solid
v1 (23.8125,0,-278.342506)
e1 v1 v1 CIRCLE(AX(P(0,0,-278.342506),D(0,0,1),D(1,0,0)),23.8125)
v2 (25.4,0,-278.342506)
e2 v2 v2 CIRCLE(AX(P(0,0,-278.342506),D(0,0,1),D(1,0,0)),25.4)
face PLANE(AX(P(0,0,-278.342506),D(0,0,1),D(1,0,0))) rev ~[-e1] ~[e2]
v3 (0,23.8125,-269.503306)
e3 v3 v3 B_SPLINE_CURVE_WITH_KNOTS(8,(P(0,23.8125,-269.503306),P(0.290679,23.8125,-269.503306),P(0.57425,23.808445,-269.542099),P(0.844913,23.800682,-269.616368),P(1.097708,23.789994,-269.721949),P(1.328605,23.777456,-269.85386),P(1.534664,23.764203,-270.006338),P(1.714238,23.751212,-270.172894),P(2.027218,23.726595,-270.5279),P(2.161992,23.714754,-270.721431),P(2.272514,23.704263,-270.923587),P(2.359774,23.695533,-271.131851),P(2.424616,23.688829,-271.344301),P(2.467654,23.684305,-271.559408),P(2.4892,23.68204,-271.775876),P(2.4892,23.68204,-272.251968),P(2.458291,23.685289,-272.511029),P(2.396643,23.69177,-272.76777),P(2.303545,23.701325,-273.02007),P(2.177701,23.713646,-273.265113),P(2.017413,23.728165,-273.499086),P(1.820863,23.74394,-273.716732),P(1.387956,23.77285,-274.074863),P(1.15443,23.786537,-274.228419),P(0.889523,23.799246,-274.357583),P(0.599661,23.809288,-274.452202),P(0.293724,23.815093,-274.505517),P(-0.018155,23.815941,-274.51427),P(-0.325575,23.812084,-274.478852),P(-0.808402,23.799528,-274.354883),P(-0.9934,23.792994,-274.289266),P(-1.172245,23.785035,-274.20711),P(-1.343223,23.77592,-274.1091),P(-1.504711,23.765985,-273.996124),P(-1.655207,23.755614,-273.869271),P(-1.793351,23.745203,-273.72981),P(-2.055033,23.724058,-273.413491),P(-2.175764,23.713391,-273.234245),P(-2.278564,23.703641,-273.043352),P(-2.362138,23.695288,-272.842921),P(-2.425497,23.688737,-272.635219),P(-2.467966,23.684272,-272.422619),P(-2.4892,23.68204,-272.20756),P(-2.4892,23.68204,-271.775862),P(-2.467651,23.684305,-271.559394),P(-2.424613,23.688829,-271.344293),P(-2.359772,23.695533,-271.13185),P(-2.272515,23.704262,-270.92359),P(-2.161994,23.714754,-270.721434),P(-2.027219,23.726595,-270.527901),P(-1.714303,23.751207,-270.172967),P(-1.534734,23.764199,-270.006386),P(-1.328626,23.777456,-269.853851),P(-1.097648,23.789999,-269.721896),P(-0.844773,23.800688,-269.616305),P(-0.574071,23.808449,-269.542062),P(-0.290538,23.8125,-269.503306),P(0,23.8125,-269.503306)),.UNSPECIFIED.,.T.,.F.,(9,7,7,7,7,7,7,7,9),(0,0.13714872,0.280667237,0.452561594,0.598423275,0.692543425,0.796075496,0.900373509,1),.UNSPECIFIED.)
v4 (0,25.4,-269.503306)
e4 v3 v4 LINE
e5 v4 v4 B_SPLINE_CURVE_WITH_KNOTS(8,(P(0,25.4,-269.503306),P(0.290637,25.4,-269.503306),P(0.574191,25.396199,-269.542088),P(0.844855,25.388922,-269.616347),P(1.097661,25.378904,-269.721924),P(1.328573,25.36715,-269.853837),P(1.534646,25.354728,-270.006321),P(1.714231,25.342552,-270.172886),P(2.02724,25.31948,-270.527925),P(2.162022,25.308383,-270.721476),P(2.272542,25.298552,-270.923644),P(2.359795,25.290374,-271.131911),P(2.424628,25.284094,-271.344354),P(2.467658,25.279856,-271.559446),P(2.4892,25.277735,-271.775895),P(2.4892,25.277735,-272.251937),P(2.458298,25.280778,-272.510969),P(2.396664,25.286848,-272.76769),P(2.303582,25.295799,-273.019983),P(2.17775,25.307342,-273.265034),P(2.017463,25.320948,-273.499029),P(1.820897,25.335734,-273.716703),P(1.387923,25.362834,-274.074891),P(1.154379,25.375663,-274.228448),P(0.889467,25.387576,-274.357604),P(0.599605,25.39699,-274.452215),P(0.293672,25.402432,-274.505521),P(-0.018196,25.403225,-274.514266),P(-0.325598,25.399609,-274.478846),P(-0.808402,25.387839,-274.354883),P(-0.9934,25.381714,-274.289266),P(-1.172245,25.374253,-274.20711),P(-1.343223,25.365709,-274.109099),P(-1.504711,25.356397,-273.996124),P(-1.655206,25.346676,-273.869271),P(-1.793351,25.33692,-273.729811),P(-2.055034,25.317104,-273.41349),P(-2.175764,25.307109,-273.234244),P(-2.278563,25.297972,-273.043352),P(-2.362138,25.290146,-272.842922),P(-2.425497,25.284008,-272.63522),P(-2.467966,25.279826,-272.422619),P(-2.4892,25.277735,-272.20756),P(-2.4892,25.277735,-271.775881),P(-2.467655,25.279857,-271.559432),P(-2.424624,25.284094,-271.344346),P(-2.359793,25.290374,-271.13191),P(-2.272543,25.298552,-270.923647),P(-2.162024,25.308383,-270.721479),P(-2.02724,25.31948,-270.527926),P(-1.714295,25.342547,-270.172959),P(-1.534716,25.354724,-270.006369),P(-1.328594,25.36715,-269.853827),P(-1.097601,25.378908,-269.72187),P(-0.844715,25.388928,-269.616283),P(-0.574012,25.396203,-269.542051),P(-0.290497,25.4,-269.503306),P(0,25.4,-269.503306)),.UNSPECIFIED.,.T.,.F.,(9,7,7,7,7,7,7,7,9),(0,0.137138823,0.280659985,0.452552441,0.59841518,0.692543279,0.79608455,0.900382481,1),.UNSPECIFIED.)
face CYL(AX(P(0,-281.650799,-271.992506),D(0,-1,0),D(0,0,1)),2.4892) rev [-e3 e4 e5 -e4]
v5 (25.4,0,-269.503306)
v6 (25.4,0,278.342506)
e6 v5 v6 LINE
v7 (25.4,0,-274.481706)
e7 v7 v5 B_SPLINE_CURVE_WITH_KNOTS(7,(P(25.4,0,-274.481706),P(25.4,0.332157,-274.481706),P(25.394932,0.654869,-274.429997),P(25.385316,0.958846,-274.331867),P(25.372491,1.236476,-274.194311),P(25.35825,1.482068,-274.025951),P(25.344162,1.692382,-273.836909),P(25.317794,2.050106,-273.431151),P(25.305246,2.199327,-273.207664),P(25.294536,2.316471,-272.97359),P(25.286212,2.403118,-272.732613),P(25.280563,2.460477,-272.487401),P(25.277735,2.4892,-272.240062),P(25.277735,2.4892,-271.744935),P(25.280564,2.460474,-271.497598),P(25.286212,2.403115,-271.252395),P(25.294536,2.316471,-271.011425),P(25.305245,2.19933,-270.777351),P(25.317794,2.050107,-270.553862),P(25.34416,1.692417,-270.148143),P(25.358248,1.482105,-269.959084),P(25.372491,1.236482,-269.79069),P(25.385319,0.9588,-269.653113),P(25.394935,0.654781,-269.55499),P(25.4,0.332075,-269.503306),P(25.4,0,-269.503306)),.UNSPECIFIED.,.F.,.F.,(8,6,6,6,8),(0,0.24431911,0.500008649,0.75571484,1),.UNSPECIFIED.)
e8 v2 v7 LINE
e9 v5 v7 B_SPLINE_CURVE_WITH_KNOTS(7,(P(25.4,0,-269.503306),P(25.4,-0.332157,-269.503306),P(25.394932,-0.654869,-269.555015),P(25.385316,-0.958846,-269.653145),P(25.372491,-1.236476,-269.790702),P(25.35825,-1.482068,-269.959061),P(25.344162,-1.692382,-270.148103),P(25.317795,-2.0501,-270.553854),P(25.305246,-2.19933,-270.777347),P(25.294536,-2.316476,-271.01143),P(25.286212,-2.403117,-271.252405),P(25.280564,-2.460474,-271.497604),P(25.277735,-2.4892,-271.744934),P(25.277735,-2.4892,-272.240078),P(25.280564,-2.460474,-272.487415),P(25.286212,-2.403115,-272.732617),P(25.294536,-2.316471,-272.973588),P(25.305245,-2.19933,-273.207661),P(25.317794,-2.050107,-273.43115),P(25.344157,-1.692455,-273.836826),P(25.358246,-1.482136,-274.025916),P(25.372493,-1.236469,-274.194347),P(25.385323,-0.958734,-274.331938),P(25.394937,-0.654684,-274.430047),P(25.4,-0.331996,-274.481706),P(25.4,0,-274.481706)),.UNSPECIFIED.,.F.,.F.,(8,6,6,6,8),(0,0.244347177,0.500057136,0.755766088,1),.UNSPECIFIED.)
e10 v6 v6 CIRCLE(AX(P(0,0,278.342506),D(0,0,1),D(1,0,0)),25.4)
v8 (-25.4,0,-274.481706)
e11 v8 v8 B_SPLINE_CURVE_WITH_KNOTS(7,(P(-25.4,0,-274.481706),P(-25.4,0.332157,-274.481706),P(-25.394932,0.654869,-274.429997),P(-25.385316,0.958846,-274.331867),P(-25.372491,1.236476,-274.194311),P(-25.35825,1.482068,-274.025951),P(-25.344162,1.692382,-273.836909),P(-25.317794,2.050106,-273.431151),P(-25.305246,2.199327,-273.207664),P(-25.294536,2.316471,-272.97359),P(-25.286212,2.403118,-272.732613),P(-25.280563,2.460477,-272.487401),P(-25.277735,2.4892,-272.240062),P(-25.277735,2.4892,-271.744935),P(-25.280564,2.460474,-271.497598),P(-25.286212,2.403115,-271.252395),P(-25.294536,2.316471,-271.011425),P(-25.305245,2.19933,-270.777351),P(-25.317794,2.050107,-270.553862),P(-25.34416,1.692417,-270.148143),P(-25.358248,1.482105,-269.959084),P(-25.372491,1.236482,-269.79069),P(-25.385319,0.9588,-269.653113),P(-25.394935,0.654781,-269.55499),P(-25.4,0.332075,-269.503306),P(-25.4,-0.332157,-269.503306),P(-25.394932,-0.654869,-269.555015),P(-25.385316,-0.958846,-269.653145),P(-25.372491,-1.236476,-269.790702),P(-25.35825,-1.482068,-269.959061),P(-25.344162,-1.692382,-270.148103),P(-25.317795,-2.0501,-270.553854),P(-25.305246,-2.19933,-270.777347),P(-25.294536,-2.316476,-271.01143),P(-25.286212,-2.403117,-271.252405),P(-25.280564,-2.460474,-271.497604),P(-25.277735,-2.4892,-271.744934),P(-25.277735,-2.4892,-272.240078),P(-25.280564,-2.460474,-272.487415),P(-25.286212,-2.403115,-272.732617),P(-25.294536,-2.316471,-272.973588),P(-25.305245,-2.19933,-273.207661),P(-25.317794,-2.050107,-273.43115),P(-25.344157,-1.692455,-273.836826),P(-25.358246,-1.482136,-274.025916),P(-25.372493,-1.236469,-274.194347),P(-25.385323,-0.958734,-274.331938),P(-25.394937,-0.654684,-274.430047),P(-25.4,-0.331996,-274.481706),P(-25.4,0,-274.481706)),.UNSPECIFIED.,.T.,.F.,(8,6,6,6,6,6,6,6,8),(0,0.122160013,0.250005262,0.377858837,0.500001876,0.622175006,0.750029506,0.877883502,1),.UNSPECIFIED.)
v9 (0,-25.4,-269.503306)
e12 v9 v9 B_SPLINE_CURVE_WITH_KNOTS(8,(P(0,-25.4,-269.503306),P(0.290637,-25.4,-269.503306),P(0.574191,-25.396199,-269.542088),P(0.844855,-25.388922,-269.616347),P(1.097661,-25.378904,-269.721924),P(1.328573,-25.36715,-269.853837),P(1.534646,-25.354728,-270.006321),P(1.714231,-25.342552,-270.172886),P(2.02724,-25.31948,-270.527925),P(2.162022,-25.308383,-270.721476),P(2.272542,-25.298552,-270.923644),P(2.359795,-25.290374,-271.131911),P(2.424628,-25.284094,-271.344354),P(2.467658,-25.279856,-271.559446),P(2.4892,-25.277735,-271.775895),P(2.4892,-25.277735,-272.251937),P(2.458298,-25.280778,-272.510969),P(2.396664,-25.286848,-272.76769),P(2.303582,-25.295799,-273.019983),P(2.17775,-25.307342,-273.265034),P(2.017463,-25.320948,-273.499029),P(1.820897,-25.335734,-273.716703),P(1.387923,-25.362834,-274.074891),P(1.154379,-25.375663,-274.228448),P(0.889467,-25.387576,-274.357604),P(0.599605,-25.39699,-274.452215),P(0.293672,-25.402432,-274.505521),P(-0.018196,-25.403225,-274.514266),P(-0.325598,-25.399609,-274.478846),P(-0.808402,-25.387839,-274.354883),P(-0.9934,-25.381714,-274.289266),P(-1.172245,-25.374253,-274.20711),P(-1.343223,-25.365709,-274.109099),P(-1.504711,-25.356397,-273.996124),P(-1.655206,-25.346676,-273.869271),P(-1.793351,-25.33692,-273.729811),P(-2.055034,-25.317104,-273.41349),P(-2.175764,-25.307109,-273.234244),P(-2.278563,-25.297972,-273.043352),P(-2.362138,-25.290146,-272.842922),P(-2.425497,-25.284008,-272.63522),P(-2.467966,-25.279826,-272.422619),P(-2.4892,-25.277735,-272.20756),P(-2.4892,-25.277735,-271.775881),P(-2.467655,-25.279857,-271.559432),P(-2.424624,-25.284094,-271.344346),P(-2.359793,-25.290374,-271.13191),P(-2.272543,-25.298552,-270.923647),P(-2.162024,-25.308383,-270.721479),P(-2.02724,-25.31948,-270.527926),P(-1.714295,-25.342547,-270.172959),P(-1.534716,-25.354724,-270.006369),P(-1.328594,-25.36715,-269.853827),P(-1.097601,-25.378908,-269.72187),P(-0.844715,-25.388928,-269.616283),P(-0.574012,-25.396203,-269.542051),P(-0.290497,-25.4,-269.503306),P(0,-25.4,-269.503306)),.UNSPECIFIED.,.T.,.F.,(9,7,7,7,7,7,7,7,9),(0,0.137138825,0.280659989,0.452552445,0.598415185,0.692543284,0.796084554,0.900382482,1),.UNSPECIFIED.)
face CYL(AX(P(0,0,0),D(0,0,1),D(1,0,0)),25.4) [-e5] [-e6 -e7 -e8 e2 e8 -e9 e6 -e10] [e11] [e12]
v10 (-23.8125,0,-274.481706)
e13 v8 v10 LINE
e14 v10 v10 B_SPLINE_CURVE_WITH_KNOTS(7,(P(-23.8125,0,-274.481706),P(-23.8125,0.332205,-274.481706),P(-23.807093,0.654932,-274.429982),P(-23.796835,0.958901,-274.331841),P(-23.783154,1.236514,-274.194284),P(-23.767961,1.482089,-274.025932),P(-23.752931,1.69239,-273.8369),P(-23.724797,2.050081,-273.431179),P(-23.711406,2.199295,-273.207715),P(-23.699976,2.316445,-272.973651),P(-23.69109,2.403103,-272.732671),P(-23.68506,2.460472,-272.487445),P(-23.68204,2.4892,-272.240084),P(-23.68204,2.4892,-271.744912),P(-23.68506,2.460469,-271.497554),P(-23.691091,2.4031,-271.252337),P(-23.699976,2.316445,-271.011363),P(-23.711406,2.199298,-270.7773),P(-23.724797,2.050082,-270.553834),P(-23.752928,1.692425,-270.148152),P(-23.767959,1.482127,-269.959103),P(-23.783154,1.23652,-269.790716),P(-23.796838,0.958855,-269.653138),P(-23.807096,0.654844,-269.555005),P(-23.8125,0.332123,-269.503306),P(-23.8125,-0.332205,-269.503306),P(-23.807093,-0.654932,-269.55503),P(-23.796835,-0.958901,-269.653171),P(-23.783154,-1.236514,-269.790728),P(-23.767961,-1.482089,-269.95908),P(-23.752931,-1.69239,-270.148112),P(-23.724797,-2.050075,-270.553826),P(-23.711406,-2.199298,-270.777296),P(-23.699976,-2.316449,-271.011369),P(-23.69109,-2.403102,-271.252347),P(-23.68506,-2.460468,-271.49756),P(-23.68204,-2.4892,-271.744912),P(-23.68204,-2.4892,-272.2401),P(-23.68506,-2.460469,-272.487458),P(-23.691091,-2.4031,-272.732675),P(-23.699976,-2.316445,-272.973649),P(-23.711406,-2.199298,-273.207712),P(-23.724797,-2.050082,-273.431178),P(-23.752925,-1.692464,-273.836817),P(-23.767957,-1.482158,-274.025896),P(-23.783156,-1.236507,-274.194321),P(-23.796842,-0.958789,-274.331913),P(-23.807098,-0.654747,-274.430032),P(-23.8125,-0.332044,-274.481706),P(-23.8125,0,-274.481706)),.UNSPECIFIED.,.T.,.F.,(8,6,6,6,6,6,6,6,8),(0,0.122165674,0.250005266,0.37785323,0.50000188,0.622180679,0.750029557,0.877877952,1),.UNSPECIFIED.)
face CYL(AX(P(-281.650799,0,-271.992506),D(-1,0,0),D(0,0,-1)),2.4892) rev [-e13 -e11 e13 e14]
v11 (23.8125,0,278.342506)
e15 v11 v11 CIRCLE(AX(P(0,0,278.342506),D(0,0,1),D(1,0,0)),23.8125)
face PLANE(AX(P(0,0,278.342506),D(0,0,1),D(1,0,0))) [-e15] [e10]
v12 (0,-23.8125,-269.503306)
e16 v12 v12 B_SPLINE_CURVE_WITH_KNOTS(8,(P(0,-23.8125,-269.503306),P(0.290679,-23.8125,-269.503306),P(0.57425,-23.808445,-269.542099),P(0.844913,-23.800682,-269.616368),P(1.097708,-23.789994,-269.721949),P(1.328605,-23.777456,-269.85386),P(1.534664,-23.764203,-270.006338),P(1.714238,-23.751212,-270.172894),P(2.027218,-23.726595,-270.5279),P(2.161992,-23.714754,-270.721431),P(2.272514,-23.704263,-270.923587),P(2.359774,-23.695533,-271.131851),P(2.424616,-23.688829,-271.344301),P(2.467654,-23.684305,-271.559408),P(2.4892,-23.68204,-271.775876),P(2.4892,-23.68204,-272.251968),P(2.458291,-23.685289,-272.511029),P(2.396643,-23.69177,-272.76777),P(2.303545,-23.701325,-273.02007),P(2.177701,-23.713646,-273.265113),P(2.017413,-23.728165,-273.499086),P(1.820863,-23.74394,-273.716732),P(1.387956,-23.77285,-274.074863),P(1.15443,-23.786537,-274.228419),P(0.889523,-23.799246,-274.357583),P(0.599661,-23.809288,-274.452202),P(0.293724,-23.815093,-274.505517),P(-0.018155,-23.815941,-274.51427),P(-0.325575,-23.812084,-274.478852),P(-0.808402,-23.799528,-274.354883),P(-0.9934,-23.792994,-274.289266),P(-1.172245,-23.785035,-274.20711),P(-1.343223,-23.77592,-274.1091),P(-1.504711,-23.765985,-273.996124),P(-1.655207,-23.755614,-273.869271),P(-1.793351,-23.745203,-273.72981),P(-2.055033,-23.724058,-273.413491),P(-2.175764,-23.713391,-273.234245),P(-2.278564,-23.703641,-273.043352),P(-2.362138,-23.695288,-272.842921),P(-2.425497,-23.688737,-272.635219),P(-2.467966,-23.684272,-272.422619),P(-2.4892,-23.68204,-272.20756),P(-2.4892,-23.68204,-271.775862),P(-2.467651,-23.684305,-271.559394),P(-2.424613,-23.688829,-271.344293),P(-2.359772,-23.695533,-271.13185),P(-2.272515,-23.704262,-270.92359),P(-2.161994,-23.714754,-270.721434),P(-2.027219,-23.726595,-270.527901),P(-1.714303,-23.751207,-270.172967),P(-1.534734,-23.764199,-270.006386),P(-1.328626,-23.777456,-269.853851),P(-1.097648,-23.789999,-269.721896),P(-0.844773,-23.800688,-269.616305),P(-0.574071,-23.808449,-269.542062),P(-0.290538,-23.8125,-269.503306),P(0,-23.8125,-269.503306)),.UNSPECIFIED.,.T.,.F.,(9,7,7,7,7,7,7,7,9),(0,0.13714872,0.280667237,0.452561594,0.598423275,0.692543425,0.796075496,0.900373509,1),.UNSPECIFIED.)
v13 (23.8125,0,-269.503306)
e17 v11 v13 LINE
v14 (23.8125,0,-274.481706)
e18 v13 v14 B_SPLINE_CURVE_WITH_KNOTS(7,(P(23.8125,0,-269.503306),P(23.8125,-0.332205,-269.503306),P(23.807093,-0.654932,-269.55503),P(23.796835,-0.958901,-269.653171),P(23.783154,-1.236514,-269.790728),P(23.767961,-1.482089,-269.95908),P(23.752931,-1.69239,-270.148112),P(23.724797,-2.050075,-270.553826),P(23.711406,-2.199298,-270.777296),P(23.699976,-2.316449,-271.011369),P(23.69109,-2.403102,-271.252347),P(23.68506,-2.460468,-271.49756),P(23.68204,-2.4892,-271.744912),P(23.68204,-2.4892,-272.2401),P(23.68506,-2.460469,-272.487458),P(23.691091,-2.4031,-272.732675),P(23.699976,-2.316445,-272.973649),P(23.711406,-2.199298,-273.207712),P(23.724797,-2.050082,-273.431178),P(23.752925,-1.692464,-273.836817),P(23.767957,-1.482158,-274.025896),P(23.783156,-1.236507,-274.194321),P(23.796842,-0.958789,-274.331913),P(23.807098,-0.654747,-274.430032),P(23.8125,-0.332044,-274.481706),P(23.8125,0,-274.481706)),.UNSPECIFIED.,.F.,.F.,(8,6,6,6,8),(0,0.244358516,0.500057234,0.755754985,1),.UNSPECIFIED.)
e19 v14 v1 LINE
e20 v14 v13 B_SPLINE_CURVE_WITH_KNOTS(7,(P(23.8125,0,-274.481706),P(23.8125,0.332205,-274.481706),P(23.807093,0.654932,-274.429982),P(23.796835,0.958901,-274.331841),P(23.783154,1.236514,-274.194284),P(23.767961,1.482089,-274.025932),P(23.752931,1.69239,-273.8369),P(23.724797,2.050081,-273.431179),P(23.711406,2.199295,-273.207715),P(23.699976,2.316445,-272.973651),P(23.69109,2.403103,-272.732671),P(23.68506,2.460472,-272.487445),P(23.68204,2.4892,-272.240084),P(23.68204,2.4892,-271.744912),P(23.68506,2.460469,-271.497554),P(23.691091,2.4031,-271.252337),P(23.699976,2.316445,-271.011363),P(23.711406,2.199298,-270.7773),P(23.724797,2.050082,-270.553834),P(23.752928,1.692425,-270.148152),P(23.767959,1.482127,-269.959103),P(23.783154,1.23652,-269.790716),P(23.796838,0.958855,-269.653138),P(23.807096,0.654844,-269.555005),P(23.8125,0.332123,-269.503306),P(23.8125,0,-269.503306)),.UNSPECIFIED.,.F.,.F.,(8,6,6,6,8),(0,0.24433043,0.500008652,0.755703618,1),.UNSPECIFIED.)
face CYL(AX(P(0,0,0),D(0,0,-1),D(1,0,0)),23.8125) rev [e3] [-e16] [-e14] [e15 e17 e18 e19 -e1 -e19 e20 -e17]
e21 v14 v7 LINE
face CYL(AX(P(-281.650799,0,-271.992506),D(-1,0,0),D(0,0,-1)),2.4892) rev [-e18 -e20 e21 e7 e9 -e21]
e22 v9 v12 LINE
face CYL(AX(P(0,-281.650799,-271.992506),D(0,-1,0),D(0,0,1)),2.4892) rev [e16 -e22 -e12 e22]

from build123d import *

# Parameters (mm, degrees)
SKETCH1_R               = 25.4
SKETCH1_R_2             = 23.8125
BOSS_EXTRUDE1_DEPTH     = 278.342506179
CUT_EXTRUDE1_DEPTH      = 281.650798584
CUT_EXTRUDE1_DEPTH_BACK = 281.650798584
SKETCH2_R               = 2.4892
CUT_EXTRUDE2_DEPTH      = 281.650798702
CUT_EXTRUDE2_DEPTH_BACK = 281.650798702
SKETCH3_R               = 2.4892


with BuildPart() as part:
    # Sketch1 → Boss-Extrude1 (new, symmetric)
    with BuildSketch(Plane.XY):
        Circle(SKETCH1_R)
        Circle(SKETCH1_R_2, mode=Mode.SUBTRACT)
    extrude(amount=BOSS_EXTRUDE1_DEPTH, both=True)

    # Sketch2 → Cut-Extrude1 (cut, two sides: drawn at the far end of the back side and taken through both)
    with BuildSketch(Plane(origin=(0, 0, 0), x_dir=(0, 0, -1), z_dir=(1, 0, 0)).offset(-CUT_EXTRUDE1_DEPTH_BACK)):
        with Locations((271.992506179, 0)):
            Circle(SKETCH2_R)
    extrude(amount=CUT_EXTRUDE1_DEPTH + CUT_EXTRUDE1_DEPTH_BACK, mode=Mode.SUBTRACT)

    # Sketch3 → Cut-Extrude2 (cut, two sides: drawn at the far end of the back side and taken through both)
    with BuildSketch(Plane(origin=(0, 0, 0), x_dir=(1, 0, 0), z_dir=(0, 1, 0)).offset(-CUT_EXTRUDE2_DEPTH_BACK)):
        with Locations(Location((0, 271.992506179, 0), (0, 0, 270))):
            Circle(SKETCH3_R)
    extrude(amount=CUT_EXTRUDE2_DEPTH + CUT_EXTRUDE2_DEPTH_BACK, mode=Mode.SUBTRACT)


solid = part.part
